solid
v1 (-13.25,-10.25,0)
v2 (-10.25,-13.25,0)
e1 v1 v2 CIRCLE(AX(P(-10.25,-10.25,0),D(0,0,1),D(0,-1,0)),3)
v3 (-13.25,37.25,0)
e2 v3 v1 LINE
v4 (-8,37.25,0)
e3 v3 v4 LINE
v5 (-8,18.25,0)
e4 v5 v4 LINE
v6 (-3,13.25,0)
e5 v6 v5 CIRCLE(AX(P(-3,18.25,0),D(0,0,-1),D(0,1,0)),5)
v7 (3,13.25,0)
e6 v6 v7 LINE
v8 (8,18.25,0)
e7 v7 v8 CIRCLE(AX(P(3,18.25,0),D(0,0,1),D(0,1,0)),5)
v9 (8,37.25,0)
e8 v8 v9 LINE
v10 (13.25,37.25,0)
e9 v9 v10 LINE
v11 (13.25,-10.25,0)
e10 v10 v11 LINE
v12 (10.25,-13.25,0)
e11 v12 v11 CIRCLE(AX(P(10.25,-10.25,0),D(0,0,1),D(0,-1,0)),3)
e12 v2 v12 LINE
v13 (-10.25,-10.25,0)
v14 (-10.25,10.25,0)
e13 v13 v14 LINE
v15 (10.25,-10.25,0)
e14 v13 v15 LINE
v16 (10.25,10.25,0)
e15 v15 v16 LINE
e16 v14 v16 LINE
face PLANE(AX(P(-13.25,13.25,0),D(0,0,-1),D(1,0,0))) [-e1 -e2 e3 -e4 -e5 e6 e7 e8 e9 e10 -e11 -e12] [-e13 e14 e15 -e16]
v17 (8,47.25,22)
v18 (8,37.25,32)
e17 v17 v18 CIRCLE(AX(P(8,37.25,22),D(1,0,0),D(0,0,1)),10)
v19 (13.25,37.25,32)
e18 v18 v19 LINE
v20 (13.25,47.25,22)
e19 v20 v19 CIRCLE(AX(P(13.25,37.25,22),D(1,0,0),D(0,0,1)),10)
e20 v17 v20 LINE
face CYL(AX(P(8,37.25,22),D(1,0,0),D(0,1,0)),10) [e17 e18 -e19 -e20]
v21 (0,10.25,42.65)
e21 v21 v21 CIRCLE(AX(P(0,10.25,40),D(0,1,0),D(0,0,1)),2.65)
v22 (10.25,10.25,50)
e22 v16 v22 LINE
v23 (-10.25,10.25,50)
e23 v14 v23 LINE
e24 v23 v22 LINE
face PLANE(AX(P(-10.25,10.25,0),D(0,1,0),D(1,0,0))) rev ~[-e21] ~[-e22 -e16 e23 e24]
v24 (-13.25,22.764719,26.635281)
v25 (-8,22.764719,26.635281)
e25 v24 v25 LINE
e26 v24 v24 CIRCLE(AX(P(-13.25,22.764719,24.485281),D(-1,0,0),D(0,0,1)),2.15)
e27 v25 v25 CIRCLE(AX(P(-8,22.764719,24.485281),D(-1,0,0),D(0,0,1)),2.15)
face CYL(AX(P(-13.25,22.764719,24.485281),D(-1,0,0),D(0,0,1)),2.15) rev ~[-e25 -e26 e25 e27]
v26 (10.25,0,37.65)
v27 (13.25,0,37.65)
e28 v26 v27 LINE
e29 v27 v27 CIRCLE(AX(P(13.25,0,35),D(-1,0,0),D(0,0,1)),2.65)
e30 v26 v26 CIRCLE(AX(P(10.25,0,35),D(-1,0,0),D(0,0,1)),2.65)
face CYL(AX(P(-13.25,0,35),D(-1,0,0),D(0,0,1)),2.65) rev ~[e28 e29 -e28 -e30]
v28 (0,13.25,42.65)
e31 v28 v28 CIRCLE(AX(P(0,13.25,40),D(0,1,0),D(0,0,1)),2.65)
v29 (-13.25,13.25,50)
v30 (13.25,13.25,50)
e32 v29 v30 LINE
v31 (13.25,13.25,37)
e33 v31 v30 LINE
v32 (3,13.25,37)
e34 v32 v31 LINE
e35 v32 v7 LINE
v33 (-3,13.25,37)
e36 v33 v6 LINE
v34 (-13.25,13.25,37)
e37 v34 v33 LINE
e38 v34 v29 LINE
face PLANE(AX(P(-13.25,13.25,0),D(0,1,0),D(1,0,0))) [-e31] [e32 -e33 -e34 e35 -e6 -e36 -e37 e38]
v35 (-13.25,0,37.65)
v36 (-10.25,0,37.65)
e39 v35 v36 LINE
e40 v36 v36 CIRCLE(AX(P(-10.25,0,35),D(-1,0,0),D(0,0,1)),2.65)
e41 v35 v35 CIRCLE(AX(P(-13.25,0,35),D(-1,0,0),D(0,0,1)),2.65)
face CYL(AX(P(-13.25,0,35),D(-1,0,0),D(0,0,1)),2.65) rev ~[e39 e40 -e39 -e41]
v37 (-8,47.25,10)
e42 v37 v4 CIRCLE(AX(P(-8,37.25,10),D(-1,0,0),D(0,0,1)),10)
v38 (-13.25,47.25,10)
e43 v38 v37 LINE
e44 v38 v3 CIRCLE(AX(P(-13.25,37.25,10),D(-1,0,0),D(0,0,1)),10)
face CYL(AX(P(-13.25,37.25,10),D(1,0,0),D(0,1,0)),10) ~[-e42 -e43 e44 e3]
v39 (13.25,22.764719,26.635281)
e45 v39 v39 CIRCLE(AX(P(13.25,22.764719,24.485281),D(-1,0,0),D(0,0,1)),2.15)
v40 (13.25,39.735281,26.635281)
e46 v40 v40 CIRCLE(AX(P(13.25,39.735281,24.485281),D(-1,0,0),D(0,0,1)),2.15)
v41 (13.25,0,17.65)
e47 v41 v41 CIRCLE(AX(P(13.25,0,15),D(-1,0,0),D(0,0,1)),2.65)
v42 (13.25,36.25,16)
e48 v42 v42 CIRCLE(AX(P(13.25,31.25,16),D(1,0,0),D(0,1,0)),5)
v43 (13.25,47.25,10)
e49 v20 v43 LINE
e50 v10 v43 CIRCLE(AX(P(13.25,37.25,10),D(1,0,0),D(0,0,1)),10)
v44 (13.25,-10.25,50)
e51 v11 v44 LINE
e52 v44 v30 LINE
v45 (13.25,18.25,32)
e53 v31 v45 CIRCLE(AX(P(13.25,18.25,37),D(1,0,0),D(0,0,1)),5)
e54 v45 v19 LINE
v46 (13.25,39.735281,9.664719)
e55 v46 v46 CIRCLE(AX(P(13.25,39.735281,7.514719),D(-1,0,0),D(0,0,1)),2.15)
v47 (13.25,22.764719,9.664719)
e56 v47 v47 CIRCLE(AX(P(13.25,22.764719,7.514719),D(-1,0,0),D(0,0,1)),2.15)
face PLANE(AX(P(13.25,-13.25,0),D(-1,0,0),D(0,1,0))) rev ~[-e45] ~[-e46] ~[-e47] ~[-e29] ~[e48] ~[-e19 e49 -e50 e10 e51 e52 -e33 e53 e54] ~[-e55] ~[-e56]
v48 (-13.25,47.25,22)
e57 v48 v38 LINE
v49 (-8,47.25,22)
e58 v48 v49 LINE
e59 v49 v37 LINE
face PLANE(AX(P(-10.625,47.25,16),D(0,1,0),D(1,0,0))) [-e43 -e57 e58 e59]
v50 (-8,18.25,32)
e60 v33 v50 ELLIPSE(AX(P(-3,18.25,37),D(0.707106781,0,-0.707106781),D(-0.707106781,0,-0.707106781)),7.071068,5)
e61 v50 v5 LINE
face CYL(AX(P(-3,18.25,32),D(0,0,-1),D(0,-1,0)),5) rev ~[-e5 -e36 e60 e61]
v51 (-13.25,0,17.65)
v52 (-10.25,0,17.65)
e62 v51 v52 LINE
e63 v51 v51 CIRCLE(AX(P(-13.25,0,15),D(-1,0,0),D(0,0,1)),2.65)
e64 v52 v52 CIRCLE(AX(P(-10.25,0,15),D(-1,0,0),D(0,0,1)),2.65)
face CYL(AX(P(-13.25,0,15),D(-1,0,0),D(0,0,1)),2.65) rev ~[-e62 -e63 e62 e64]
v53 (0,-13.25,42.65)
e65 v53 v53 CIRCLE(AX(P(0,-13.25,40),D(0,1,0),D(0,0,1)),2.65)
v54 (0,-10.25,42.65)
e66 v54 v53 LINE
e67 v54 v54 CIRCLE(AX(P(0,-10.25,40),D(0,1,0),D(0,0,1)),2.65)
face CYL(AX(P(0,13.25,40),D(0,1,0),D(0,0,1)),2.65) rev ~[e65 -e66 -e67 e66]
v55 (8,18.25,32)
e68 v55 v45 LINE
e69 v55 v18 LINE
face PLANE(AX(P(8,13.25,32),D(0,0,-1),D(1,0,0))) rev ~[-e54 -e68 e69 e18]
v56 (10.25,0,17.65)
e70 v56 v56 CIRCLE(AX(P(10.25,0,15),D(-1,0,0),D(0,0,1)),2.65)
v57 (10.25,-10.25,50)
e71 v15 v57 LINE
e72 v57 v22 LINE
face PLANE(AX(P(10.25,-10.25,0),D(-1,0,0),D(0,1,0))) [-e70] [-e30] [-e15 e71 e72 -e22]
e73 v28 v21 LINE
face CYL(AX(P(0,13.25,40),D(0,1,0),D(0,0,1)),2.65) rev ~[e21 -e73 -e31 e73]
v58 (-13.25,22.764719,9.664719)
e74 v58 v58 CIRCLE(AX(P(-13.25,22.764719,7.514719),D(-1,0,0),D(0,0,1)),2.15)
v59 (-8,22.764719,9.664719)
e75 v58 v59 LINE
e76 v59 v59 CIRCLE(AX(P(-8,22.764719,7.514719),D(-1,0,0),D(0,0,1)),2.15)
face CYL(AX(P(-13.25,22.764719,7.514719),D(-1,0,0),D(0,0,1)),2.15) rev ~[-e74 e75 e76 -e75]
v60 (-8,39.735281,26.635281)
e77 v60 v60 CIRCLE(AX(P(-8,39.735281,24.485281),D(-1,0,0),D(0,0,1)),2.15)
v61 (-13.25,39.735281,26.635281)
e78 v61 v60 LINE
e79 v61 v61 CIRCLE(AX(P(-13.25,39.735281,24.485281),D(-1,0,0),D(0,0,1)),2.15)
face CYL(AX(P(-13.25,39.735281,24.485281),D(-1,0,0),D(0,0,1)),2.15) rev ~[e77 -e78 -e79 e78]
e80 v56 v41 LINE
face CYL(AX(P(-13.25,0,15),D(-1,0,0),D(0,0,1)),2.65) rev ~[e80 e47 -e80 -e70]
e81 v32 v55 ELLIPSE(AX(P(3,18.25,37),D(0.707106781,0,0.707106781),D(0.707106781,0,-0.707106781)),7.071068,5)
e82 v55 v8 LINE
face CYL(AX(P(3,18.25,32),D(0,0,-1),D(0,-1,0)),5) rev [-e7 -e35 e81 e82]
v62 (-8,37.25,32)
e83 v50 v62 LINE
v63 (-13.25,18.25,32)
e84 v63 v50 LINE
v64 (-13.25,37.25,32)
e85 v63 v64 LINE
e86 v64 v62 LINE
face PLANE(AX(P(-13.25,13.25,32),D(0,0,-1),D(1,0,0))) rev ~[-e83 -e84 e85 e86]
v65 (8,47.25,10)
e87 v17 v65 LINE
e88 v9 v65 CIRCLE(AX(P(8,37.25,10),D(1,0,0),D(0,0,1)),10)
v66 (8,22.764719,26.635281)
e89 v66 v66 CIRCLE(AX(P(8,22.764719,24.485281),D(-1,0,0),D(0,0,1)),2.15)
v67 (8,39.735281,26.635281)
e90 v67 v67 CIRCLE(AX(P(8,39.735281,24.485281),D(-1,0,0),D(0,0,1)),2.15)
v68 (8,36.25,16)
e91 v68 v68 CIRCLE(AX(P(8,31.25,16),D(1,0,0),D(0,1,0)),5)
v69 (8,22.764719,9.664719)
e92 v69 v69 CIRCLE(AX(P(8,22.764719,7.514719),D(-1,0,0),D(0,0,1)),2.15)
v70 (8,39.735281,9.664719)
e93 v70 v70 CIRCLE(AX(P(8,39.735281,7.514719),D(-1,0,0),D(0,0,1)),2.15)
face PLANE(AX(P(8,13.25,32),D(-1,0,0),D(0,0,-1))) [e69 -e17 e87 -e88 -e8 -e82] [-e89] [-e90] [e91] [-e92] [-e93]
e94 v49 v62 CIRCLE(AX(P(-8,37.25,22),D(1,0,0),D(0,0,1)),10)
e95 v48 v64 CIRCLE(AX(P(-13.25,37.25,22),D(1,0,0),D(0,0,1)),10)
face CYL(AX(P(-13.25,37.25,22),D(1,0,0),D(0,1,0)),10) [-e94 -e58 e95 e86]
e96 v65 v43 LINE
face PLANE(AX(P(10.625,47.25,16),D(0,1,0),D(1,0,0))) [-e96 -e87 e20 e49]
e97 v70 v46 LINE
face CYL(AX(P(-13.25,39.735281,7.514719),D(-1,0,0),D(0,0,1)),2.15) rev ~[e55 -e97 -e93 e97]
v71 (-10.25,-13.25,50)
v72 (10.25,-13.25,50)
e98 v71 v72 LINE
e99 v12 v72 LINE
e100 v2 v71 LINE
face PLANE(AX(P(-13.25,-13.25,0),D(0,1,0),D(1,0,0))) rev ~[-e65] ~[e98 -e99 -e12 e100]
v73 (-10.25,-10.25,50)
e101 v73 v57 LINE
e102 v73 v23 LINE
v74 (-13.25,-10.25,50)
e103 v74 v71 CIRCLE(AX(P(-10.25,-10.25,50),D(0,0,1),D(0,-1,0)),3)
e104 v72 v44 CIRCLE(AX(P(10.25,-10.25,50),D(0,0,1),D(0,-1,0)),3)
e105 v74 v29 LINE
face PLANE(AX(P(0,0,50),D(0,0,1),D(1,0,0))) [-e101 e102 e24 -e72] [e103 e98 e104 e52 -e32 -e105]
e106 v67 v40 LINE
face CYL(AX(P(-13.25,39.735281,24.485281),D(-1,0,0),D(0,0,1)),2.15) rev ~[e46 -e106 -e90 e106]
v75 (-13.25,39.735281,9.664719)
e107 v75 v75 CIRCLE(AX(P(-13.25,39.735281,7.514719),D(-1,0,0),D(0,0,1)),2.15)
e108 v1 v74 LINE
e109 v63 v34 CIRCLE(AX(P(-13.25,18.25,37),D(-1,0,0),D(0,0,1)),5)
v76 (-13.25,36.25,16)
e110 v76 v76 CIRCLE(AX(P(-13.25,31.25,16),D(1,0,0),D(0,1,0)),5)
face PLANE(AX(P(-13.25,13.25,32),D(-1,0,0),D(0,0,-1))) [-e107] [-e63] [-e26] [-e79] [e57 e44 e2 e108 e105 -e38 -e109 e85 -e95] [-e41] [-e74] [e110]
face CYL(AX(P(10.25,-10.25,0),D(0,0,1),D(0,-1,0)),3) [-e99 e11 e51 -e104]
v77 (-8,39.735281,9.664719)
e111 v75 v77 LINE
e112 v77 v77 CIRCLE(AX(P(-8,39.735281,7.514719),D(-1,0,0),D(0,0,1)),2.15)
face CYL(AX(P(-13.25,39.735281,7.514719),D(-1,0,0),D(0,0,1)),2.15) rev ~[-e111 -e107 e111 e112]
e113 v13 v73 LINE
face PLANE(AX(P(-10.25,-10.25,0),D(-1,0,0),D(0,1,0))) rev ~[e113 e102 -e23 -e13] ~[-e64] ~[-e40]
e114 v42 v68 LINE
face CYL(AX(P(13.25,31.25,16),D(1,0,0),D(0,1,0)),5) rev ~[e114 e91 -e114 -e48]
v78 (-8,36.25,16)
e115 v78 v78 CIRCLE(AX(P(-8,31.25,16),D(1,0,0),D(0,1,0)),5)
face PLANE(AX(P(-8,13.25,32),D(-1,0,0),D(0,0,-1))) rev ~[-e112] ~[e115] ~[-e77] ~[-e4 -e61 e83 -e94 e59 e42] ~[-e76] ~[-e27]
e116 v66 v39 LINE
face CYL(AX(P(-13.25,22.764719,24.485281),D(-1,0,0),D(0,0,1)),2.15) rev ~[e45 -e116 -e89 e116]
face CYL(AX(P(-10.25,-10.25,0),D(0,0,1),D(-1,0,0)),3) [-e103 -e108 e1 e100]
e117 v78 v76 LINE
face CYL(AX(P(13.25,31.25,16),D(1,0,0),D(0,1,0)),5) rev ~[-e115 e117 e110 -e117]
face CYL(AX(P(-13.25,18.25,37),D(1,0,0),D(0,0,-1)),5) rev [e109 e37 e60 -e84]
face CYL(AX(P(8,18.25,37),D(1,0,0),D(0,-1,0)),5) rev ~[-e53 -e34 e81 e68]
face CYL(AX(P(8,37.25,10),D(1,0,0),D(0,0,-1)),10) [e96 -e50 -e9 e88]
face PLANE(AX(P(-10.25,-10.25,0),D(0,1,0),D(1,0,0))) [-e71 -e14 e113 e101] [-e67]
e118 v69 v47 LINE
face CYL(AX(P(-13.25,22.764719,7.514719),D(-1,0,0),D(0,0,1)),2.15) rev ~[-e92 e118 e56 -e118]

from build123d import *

# Parameters (mm, degrees)
SKETCH_1_W          = 26.5
SKETCH_1_H          = 26.5
SKETCH_1_W_2        = 20.5
SKETCH_1_H_2        = 20.5
EXTRUDE_1_DEPTH     = 50
SKETCH_2_W          = 5.25
SKETCH_2_H          = 32
EXTRUDE_6_DEPTH     = 34
SKETCH_6_R          = 4.5
SKETCH_6_R_2        = 2.15
CUT_EXTRUDE_4_DEPTH = 74.72118081
FILLET_4_R          = 5
FILLET_7_R          = 10
FILLET_8_R          = 10
FILLET_9_R          = 3
SKETCH_7_R          = 2.65
CUT_EXTRUDE_5_DEPTH = 62.899616315
SKETCH_8_R          = 2.65
CUT_EXTRUDE_6_DEPTH = 74.72118081
SKETCH_9_R          = 5
CUT_EXTRUDE_7_DEPTH = 74.72118081


with BuildPart() as part:
    # 草图1 → 凸台-拉伸1 (new body)
    with BuildSketch(Plane.XY):
        Rectangle(SKETCH_1_W, SKETCH_1_H)
        Rectangle(SKETCH_1_W_2, SKETCH_1_H_2, mode=Mode.SUBTRACT)
    extrude(amount=EXTRUDE_1_DEPTH)

    # 草图2 → 凸台-拉伸6 (add)
    with BuildSketch(Plane(origin=(0, 13.25, 0), x_dir=(1, 0, 0), z_dir=(0, 1, 0))):
        with Locations((-10.625, -16)):
            Rectangle(SKETCH_2_W, SKETCH_2_H)
        with Locations((10.625, -16)):
            Rectangle(SKETCH_2_W, SKETCH_2_H)
    extrude(amount=EXTRUDE_6_DEPTH)

    # 草图6 → 切除-拉伸4 (cut, through all)
    with BuildSketch(Plane.ZY.offset(13.25)):
        with Locations((16, 31.25)):
            Circle(SKETCH_6_R)
        with Locations((7.514718626, 39.735281374)):
            Circle(SKETCH_6_R_2)
        with Locations((24.485281374, 39.735281374)):
            Circle(SKETCH_6_R_2)
        with Locations((24.485281374, 22.764718626)):
            Circle(SKETCH_6_R_2)
        with Locations((7.514718626, 22.764718626)):
            Circle(SKETCH_6_R_2)
    extrude(amount=-CUT_EXTRUDE_4_DEPTH, mode=Mode.SUBTRACT)

    # 圆角4
    fillet_4_edges = [part.edges().sort_by_distance(p)[0] for p in [
        (-8, 13.25, 16),
        (-10.625, 13.25, 32),
        (10.625, 13.25, 32),
        (8, 13.25, 16),
    ]]
    fillet(fillet_4_edges, radius=FILLET_4_R)

    # 圆角7
    fillet_7_edges = [part.edges().sort_by_distance(p)[0] for p in [
        (-10.625, 47.25, 0),
        (10.625, 47.25, 0),
    ]]
    fillet(fillet_7_edges, radius=FILLET_7_R)

    # 圆角8
    fillet_8_edges = [part.edges().sort_by_distance(p)[0] for p in [
        (-10.625, 47.25, 32),
        (10.625, 47.25, 32),
    ]]
    fillet(fillet_8_edges, radius=FILLET_8_R)

    # 圆角9
    fillet_9_edges = [part.edges().sort_by_distance(p)[0] for p in [
        (13.25, -13.25, 25),
        (-13.25, -13.25, 25),
    ]]
    fillet(fillet_9_edges, radius=FILLET_9_R)

    # 草图7 → 切除-拉伸5 (cut, through all)
    with BuildSketch(Plane(origin=(0, 13.25, 0), x_dir=(1, 0, 0), z_dir=(0, 1, 0))):
        with Locations(Location((0, -40, 0), (0, 0, 270))):
            Circle(SKETCH_7_R)
    extrude(amount=-CUT_EXTRUDE_5_DEPTH, mode=Mode.SUBTRACT)

    # 草图8 → 切除-拉伸6 (cut, through all)
    with BuildSketch(Plane.ZY.offset(13.25)):
        with Locations((35, 0)):
            Circle(SKETCH_8_R)
        with Locations((15, 0)):
            Circle(SKETCH_8_R)
    extrude(amount=-CUT_EXTRUDE_6_DEPTH, mode=Mode.SUBTRACT)

    # 草图9 → 切除-拉伸7 (cut, through all)
    with BuildSketch(Plane(origin=(13.25, 0, 0), x_dir=(0, 0, -1), z_dir=(1, 0, 0))):
        with Locations(Location((-16, 31.25, 0), (0, 0, 90))):
            Circle(SKETCH_9_R)
    extrude(amount=-CUT_EXTRUDE_7_DEPTH, mode=Mode.SUBTRACT)


solid = part.part
